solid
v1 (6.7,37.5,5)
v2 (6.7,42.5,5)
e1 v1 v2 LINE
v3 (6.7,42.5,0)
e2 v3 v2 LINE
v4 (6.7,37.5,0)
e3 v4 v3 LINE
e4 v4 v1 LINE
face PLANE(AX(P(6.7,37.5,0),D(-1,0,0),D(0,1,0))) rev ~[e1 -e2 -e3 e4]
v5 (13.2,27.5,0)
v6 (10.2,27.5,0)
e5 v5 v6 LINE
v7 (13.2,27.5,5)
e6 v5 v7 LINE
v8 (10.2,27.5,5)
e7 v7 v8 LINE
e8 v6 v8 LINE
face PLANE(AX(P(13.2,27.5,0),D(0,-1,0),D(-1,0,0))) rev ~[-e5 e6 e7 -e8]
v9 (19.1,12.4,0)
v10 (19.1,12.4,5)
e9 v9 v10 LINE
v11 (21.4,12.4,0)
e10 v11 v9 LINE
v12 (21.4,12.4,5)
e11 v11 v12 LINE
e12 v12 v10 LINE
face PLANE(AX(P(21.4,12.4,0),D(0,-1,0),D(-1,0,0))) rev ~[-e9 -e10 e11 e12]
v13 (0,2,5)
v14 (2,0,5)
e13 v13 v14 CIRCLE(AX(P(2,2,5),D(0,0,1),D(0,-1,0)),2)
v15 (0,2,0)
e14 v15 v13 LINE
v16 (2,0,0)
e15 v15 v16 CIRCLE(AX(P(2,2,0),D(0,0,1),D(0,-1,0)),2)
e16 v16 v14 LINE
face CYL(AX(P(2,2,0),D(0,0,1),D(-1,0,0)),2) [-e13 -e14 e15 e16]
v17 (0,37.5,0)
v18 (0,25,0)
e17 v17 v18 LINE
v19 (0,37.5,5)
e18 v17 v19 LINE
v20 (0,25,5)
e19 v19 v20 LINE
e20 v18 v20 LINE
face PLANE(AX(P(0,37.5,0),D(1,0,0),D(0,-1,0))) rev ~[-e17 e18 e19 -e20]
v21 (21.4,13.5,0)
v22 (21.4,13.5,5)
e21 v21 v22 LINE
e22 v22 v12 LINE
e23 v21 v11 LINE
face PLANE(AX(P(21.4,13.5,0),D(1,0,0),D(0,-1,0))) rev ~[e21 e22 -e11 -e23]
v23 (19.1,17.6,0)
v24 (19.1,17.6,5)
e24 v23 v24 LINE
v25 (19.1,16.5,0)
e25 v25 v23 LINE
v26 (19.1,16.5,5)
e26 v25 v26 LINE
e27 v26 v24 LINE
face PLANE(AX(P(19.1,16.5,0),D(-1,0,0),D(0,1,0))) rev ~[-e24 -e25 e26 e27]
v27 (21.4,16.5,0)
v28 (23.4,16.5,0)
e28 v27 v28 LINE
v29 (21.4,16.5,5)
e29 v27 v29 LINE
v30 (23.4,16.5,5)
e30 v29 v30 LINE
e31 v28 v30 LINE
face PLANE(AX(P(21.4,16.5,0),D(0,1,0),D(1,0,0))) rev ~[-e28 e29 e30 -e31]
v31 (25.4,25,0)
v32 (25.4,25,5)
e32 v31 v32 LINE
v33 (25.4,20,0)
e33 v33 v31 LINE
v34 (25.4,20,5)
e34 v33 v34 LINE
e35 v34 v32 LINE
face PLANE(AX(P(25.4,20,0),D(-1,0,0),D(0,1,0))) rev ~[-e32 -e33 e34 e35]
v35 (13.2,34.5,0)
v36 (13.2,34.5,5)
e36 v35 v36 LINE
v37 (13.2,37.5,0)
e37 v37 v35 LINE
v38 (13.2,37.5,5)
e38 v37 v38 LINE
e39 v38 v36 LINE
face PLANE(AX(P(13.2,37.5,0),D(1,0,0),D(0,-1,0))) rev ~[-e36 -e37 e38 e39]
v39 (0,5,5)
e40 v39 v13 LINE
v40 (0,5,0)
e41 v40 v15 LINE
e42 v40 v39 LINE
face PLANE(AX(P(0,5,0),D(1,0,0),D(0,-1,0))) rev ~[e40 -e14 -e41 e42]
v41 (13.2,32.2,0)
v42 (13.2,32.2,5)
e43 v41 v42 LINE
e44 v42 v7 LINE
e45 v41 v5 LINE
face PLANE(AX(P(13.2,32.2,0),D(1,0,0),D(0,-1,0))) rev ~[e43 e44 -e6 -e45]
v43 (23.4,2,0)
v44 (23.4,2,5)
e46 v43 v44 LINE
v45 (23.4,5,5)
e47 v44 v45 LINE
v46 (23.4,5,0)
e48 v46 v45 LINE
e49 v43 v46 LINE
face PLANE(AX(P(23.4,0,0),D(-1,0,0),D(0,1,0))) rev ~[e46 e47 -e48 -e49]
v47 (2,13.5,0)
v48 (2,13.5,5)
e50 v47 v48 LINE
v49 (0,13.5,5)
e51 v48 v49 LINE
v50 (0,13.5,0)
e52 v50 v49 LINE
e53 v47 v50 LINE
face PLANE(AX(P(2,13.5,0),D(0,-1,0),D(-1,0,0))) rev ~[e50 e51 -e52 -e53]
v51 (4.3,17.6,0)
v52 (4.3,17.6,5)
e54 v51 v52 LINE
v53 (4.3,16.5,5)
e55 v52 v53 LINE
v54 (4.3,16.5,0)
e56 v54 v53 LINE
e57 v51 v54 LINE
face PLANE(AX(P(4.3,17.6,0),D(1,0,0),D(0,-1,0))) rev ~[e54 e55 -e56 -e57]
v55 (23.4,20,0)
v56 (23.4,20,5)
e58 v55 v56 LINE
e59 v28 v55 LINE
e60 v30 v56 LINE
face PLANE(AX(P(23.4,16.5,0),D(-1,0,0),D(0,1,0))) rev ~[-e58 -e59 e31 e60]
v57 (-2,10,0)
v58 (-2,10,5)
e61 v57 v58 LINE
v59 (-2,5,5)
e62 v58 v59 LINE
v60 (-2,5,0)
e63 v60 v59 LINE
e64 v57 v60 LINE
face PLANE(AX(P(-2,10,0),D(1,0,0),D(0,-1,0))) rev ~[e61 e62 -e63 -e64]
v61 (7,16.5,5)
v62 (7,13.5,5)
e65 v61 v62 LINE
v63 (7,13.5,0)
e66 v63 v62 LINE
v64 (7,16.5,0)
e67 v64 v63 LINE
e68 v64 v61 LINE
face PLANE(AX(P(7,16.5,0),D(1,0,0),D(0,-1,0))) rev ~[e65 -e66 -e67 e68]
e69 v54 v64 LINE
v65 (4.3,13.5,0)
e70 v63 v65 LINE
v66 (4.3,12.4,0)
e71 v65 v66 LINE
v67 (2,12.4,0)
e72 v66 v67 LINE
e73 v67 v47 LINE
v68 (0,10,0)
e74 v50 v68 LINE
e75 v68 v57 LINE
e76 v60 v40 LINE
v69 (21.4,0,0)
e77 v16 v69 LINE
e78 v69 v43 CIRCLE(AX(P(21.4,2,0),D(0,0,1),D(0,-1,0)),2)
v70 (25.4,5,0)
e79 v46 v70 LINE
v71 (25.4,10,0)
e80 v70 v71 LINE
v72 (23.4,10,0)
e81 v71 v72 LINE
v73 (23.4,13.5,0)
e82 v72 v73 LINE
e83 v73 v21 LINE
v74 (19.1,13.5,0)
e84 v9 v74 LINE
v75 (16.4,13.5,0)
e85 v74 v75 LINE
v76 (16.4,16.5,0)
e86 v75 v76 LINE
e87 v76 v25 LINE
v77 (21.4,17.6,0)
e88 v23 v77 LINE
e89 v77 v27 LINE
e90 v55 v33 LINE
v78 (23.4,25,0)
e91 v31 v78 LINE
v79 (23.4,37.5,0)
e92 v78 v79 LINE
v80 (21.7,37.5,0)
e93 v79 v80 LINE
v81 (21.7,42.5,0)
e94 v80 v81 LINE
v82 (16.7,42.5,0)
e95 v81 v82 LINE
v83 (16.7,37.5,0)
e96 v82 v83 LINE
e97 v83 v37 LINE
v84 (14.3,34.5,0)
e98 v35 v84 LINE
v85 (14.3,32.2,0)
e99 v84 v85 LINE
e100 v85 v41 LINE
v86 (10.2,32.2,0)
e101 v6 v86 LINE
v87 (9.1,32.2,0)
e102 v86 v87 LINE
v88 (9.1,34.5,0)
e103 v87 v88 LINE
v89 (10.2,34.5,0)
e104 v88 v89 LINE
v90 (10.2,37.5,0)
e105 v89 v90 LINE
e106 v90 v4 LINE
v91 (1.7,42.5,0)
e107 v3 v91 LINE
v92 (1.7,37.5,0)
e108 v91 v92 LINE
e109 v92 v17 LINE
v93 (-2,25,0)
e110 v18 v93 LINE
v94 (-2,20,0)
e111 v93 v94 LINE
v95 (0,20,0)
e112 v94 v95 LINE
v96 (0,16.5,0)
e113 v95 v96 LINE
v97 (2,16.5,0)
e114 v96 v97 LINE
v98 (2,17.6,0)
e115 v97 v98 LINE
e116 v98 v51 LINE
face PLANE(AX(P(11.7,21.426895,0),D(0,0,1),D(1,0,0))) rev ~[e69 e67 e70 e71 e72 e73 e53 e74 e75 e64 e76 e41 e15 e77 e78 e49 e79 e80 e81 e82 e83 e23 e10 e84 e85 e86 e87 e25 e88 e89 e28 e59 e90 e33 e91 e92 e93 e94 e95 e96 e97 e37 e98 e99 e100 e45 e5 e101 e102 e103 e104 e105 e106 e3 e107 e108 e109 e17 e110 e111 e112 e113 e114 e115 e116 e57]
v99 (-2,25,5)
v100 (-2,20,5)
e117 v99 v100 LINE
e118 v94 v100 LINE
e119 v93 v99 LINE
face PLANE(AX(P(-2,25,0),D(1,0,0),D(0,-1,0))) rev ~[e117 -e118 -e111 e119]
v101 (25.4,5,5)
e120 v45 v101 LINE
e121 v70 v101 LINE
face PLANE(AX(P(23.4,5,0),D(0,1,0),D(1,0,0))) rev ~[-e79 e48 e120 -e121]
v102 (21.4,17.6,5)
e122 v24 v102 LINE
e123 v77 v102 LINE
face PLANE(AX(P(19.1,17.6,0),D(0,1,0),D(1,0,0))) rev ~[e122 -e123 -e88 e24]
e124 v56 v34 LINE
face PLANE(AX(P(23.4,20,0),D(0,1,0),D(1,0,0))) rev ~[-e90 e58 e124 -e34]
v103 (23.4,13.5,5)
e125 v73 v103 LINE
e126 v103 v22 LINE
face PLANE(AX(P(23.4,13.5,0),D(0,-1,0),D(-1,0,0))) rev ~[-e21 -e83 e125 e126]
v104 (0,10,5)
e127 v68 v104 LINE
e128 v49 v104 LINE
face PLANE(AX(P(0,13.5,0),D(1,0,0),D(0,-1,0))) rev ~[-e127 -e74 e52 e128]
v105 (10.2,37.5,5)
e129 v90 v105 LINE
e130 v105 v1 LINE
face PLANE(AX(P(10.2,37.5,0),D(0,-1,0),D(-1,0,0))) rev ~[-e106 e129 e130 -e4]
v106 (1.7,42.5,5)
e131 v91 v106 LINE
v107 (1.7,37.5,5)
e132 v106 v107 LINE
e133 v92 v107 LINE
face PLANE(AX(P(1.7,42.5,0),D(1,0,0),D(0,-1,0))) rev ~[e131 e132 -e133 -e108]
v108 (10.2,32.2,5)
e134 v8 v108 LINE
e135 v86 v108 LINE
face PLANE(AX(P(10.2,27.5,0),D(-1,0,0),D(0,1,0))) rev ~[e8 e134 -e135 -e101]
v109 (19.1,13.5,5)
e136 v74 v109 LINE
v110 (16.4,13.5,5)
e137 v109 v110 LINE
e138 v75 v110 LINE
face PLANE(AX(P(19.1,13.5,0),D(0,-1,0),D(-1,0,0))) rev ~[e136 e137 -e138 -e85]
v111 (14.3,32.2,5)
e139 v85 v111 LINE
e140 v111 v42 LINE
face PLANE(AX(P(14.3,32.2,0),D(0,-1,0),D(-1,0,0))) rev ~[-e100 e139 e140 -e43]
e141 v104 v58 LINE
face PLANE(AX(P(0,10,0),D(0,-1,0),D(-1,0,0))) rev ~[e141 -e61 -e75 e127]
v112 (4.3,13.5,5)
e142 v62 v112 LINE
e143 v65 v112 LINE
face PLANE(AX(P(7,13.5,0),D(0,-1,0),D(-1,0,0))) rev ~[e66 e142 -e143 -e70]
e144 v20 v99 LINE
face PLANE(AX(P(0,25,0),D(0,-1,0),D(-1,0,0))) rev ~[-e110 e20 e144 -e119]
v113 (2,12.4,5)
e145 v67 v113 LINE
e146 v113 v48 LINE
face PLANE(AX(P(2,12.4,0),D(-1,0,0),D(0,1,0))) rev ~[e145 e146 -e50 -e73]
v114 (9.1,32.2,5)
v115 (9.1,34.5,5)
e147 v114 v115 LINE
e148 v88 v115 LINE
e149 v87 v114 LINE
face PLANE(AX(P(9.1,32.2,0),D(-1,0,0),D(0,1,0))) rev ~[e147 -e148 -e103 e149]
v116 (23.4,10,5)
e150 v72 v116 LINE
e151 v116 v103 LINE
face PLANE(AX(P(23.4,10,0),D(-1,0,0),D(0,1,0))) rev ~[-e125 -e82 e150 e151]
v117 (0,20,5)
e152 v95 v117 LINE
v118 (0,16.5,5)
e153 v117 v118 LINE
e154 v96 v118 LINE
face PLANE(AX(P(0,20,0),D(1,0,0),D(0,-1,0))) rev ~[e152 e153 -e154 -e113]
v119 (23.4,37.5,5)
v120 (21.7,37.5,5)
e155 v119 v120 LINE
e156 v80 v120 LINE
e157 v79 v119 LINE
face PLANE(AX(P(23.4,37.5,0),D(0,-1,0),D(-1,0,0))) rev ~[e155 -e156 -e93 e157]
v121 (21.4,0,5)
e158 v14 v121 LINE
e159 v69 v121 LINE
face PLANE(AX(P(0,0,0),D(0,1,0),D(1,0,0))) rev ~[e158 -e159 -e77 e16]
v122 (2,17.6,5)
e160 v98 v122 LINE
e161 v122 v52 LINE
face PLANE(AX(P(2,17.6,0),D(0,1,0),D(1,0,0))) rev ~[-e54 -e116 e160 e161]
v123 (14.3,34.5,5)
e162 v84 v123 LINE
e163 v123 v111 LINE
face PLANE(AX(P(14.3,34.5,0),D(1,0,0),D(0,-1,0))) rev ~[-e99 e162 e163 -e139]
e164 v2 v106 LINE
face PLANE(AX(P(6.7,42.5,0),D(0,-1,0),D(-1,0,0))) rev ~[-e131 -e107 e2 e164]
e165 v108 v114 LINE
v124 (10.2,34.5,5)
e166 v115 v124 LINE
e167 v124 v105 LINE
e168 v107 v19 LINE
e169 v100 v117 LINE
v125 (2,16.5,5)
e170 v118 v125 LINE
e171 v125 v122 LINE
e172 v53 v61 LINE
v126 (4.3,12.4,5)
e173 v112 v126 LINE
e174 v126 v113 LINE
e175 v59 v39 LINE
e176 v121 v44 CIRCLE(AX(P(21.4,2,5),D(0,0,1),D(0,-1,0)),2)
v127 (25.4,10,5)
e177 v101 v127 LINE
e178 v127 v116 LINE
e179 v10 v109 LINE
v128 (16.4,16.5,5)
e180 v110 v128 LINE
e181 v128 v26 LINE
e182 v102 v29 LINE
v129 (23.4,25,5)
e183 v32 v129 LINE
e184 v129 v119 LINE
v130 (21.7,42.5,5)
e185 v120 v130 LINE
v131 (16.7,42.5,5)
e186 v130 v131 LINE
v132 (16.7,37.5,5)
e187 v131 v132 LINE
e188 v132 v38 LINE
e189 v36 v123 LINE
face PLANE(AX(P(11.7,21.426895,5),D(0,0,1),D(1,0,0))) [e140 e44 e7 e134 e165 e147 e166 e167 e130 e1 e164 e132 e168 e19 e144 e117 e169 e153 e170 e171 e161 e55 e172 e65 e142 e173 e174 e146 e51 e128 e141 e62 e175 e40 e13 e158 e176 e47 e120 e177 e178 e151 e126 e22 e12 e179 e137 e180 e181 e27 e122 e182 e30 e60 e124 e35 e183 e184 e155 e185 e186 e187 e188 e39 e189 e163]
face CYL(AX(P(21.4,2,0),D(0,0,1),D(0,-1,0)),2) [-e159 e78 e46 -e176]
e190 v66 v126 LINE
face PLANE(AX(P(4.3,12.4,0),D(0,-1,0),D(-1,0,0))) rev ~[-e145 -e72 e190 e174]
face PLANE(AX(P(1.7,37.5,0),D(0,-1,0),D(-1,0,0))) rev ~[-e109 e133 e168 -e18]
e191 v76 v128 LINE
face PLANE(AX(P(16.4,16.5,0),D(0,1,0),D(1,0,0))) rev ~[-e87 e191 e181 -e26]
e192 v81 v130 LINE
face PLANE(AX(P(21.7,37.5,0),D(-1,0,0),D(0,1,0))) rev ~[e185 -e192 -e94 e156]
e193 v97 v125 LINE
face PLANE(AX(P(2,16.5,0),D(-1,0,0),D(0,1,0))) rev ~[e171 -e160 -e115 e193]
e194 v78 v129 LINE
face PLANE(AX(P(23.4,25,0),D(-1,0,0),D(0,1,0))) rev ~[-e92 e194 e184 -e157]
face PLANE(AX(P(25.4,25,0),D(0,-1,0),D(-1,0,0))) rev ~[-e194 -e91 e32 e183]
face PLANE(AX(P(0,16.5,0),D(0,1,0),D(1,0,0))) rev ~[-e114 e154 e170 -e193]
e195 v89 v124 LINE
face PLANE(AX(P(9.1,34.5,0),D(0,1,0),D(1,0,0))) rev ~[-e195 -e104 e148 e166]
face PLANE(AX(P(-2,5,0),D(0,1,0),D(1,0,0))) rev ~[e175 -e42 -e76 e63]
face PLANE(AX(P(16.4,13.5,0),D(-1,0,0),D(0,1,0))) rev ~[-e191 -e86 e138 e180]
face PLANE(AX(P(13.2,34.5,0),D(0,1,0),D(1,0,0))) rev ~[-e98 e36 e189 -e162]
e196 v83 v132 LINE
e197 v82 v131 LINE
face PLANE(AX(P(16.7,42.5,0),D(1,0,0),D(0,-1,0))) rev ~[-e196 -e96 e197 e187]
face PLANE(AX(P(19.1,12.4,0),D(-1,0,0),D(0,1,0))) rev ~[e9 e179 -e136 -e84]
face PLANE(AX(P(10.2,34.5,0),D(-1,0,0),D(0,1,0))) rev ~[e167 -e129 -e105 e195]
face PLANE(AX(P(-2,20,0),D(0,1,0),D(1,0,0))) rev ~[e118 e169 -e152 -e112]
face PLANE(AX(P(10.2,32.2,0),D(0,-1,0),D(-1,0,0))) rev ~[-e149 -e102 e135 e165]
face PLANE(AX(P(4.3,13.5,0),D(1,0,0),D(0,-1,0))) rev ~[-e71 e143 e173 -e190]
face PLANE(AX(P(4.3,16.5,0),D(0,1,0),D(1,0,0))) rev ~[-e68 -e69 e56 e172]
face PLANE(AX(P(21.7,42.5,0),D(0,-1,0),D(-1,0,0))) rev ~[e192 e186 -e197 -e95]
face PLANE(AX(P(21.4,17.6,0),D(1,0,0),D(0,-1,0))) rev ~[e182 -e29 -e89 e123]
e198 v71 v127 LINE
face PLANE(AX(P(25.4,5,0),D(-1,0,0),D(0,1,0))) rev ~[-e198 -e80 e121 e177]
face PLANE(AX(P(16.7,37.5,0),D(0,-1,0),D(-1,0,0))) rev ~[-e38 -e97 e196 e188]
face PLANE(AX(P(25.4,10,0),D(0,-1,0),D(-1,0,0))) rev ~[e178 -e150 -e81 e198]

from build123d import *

# Parameters (mm, degrees)
BOSS_EXTRU_1_DEPTH = 5
FILLET1_R          = 2


with BuildPart() as part:
    # Esquisse1 → Boss.-Extru.1 (new body)
    with BuildSketch(Plane.XY):
        Polygon((1.7, 42.5), (1.7, 37.5), (0, 37.5), (0, 25), (-2, 25), (-2, 20), (0, 20), (0, 16.5), (2, 16.5), (2, 17.6), (4.3, 17.6), (4.3, 16.5), (7, 16.5), (7, 13.5), (4.3, 13.5), (4.3, 12.4), (2, 12.4), (2, 13.5), (0, 13.5), (0, 10), (-2, 10), (-2, 5), (0, 5), (0, 0), (23.4, 0), (23.4, 5), (25.4, 5), (25.4, 10), (23.4, 10), (23.4, 13.5), (21.4, 13.5), (21.4, 12.4), (19.1, 12.4), (19.1, 13.5), (16.4, 13.5), (16.4, 16.5), (19.1, 16.5), (19.1, 17.6), (21.4, 17.6), (21.4, 16.5), (23.4, 16.5), (23.4, 20), (25.4, 20), (25.4, 25), (23.4, 25), (23.4, 37.5), (21.7, 37.5), (21.7, 42.5), (16.7, 42.5), (16.7, 37.5), (13.2, 37.5), (13.2, 34.5), (14.3, 34.5), (14.3, 32.2), (13.2, 32.2), (13.2, 27.5), (10.2, 27.5), (10.2, 32.2), (9.1, 32.2), (9.1, 34.5), (10.2, 34.5), (10.2, 37.5), (6.7, 37.5), (6.7, 42.5), align=None)
    extrude(amount=BOSS_EXTRU_1_DEPTH)

    # Fillet1
    fillet1_edges = [part.edges().sort_by_distance(p)[0] for p in [
        (23.4, 0, 2.5),
        (0, 0, 2.5),
    ]]
    fillet(fillet1_edges, radius=FILLET1_R)


solid = part.part
